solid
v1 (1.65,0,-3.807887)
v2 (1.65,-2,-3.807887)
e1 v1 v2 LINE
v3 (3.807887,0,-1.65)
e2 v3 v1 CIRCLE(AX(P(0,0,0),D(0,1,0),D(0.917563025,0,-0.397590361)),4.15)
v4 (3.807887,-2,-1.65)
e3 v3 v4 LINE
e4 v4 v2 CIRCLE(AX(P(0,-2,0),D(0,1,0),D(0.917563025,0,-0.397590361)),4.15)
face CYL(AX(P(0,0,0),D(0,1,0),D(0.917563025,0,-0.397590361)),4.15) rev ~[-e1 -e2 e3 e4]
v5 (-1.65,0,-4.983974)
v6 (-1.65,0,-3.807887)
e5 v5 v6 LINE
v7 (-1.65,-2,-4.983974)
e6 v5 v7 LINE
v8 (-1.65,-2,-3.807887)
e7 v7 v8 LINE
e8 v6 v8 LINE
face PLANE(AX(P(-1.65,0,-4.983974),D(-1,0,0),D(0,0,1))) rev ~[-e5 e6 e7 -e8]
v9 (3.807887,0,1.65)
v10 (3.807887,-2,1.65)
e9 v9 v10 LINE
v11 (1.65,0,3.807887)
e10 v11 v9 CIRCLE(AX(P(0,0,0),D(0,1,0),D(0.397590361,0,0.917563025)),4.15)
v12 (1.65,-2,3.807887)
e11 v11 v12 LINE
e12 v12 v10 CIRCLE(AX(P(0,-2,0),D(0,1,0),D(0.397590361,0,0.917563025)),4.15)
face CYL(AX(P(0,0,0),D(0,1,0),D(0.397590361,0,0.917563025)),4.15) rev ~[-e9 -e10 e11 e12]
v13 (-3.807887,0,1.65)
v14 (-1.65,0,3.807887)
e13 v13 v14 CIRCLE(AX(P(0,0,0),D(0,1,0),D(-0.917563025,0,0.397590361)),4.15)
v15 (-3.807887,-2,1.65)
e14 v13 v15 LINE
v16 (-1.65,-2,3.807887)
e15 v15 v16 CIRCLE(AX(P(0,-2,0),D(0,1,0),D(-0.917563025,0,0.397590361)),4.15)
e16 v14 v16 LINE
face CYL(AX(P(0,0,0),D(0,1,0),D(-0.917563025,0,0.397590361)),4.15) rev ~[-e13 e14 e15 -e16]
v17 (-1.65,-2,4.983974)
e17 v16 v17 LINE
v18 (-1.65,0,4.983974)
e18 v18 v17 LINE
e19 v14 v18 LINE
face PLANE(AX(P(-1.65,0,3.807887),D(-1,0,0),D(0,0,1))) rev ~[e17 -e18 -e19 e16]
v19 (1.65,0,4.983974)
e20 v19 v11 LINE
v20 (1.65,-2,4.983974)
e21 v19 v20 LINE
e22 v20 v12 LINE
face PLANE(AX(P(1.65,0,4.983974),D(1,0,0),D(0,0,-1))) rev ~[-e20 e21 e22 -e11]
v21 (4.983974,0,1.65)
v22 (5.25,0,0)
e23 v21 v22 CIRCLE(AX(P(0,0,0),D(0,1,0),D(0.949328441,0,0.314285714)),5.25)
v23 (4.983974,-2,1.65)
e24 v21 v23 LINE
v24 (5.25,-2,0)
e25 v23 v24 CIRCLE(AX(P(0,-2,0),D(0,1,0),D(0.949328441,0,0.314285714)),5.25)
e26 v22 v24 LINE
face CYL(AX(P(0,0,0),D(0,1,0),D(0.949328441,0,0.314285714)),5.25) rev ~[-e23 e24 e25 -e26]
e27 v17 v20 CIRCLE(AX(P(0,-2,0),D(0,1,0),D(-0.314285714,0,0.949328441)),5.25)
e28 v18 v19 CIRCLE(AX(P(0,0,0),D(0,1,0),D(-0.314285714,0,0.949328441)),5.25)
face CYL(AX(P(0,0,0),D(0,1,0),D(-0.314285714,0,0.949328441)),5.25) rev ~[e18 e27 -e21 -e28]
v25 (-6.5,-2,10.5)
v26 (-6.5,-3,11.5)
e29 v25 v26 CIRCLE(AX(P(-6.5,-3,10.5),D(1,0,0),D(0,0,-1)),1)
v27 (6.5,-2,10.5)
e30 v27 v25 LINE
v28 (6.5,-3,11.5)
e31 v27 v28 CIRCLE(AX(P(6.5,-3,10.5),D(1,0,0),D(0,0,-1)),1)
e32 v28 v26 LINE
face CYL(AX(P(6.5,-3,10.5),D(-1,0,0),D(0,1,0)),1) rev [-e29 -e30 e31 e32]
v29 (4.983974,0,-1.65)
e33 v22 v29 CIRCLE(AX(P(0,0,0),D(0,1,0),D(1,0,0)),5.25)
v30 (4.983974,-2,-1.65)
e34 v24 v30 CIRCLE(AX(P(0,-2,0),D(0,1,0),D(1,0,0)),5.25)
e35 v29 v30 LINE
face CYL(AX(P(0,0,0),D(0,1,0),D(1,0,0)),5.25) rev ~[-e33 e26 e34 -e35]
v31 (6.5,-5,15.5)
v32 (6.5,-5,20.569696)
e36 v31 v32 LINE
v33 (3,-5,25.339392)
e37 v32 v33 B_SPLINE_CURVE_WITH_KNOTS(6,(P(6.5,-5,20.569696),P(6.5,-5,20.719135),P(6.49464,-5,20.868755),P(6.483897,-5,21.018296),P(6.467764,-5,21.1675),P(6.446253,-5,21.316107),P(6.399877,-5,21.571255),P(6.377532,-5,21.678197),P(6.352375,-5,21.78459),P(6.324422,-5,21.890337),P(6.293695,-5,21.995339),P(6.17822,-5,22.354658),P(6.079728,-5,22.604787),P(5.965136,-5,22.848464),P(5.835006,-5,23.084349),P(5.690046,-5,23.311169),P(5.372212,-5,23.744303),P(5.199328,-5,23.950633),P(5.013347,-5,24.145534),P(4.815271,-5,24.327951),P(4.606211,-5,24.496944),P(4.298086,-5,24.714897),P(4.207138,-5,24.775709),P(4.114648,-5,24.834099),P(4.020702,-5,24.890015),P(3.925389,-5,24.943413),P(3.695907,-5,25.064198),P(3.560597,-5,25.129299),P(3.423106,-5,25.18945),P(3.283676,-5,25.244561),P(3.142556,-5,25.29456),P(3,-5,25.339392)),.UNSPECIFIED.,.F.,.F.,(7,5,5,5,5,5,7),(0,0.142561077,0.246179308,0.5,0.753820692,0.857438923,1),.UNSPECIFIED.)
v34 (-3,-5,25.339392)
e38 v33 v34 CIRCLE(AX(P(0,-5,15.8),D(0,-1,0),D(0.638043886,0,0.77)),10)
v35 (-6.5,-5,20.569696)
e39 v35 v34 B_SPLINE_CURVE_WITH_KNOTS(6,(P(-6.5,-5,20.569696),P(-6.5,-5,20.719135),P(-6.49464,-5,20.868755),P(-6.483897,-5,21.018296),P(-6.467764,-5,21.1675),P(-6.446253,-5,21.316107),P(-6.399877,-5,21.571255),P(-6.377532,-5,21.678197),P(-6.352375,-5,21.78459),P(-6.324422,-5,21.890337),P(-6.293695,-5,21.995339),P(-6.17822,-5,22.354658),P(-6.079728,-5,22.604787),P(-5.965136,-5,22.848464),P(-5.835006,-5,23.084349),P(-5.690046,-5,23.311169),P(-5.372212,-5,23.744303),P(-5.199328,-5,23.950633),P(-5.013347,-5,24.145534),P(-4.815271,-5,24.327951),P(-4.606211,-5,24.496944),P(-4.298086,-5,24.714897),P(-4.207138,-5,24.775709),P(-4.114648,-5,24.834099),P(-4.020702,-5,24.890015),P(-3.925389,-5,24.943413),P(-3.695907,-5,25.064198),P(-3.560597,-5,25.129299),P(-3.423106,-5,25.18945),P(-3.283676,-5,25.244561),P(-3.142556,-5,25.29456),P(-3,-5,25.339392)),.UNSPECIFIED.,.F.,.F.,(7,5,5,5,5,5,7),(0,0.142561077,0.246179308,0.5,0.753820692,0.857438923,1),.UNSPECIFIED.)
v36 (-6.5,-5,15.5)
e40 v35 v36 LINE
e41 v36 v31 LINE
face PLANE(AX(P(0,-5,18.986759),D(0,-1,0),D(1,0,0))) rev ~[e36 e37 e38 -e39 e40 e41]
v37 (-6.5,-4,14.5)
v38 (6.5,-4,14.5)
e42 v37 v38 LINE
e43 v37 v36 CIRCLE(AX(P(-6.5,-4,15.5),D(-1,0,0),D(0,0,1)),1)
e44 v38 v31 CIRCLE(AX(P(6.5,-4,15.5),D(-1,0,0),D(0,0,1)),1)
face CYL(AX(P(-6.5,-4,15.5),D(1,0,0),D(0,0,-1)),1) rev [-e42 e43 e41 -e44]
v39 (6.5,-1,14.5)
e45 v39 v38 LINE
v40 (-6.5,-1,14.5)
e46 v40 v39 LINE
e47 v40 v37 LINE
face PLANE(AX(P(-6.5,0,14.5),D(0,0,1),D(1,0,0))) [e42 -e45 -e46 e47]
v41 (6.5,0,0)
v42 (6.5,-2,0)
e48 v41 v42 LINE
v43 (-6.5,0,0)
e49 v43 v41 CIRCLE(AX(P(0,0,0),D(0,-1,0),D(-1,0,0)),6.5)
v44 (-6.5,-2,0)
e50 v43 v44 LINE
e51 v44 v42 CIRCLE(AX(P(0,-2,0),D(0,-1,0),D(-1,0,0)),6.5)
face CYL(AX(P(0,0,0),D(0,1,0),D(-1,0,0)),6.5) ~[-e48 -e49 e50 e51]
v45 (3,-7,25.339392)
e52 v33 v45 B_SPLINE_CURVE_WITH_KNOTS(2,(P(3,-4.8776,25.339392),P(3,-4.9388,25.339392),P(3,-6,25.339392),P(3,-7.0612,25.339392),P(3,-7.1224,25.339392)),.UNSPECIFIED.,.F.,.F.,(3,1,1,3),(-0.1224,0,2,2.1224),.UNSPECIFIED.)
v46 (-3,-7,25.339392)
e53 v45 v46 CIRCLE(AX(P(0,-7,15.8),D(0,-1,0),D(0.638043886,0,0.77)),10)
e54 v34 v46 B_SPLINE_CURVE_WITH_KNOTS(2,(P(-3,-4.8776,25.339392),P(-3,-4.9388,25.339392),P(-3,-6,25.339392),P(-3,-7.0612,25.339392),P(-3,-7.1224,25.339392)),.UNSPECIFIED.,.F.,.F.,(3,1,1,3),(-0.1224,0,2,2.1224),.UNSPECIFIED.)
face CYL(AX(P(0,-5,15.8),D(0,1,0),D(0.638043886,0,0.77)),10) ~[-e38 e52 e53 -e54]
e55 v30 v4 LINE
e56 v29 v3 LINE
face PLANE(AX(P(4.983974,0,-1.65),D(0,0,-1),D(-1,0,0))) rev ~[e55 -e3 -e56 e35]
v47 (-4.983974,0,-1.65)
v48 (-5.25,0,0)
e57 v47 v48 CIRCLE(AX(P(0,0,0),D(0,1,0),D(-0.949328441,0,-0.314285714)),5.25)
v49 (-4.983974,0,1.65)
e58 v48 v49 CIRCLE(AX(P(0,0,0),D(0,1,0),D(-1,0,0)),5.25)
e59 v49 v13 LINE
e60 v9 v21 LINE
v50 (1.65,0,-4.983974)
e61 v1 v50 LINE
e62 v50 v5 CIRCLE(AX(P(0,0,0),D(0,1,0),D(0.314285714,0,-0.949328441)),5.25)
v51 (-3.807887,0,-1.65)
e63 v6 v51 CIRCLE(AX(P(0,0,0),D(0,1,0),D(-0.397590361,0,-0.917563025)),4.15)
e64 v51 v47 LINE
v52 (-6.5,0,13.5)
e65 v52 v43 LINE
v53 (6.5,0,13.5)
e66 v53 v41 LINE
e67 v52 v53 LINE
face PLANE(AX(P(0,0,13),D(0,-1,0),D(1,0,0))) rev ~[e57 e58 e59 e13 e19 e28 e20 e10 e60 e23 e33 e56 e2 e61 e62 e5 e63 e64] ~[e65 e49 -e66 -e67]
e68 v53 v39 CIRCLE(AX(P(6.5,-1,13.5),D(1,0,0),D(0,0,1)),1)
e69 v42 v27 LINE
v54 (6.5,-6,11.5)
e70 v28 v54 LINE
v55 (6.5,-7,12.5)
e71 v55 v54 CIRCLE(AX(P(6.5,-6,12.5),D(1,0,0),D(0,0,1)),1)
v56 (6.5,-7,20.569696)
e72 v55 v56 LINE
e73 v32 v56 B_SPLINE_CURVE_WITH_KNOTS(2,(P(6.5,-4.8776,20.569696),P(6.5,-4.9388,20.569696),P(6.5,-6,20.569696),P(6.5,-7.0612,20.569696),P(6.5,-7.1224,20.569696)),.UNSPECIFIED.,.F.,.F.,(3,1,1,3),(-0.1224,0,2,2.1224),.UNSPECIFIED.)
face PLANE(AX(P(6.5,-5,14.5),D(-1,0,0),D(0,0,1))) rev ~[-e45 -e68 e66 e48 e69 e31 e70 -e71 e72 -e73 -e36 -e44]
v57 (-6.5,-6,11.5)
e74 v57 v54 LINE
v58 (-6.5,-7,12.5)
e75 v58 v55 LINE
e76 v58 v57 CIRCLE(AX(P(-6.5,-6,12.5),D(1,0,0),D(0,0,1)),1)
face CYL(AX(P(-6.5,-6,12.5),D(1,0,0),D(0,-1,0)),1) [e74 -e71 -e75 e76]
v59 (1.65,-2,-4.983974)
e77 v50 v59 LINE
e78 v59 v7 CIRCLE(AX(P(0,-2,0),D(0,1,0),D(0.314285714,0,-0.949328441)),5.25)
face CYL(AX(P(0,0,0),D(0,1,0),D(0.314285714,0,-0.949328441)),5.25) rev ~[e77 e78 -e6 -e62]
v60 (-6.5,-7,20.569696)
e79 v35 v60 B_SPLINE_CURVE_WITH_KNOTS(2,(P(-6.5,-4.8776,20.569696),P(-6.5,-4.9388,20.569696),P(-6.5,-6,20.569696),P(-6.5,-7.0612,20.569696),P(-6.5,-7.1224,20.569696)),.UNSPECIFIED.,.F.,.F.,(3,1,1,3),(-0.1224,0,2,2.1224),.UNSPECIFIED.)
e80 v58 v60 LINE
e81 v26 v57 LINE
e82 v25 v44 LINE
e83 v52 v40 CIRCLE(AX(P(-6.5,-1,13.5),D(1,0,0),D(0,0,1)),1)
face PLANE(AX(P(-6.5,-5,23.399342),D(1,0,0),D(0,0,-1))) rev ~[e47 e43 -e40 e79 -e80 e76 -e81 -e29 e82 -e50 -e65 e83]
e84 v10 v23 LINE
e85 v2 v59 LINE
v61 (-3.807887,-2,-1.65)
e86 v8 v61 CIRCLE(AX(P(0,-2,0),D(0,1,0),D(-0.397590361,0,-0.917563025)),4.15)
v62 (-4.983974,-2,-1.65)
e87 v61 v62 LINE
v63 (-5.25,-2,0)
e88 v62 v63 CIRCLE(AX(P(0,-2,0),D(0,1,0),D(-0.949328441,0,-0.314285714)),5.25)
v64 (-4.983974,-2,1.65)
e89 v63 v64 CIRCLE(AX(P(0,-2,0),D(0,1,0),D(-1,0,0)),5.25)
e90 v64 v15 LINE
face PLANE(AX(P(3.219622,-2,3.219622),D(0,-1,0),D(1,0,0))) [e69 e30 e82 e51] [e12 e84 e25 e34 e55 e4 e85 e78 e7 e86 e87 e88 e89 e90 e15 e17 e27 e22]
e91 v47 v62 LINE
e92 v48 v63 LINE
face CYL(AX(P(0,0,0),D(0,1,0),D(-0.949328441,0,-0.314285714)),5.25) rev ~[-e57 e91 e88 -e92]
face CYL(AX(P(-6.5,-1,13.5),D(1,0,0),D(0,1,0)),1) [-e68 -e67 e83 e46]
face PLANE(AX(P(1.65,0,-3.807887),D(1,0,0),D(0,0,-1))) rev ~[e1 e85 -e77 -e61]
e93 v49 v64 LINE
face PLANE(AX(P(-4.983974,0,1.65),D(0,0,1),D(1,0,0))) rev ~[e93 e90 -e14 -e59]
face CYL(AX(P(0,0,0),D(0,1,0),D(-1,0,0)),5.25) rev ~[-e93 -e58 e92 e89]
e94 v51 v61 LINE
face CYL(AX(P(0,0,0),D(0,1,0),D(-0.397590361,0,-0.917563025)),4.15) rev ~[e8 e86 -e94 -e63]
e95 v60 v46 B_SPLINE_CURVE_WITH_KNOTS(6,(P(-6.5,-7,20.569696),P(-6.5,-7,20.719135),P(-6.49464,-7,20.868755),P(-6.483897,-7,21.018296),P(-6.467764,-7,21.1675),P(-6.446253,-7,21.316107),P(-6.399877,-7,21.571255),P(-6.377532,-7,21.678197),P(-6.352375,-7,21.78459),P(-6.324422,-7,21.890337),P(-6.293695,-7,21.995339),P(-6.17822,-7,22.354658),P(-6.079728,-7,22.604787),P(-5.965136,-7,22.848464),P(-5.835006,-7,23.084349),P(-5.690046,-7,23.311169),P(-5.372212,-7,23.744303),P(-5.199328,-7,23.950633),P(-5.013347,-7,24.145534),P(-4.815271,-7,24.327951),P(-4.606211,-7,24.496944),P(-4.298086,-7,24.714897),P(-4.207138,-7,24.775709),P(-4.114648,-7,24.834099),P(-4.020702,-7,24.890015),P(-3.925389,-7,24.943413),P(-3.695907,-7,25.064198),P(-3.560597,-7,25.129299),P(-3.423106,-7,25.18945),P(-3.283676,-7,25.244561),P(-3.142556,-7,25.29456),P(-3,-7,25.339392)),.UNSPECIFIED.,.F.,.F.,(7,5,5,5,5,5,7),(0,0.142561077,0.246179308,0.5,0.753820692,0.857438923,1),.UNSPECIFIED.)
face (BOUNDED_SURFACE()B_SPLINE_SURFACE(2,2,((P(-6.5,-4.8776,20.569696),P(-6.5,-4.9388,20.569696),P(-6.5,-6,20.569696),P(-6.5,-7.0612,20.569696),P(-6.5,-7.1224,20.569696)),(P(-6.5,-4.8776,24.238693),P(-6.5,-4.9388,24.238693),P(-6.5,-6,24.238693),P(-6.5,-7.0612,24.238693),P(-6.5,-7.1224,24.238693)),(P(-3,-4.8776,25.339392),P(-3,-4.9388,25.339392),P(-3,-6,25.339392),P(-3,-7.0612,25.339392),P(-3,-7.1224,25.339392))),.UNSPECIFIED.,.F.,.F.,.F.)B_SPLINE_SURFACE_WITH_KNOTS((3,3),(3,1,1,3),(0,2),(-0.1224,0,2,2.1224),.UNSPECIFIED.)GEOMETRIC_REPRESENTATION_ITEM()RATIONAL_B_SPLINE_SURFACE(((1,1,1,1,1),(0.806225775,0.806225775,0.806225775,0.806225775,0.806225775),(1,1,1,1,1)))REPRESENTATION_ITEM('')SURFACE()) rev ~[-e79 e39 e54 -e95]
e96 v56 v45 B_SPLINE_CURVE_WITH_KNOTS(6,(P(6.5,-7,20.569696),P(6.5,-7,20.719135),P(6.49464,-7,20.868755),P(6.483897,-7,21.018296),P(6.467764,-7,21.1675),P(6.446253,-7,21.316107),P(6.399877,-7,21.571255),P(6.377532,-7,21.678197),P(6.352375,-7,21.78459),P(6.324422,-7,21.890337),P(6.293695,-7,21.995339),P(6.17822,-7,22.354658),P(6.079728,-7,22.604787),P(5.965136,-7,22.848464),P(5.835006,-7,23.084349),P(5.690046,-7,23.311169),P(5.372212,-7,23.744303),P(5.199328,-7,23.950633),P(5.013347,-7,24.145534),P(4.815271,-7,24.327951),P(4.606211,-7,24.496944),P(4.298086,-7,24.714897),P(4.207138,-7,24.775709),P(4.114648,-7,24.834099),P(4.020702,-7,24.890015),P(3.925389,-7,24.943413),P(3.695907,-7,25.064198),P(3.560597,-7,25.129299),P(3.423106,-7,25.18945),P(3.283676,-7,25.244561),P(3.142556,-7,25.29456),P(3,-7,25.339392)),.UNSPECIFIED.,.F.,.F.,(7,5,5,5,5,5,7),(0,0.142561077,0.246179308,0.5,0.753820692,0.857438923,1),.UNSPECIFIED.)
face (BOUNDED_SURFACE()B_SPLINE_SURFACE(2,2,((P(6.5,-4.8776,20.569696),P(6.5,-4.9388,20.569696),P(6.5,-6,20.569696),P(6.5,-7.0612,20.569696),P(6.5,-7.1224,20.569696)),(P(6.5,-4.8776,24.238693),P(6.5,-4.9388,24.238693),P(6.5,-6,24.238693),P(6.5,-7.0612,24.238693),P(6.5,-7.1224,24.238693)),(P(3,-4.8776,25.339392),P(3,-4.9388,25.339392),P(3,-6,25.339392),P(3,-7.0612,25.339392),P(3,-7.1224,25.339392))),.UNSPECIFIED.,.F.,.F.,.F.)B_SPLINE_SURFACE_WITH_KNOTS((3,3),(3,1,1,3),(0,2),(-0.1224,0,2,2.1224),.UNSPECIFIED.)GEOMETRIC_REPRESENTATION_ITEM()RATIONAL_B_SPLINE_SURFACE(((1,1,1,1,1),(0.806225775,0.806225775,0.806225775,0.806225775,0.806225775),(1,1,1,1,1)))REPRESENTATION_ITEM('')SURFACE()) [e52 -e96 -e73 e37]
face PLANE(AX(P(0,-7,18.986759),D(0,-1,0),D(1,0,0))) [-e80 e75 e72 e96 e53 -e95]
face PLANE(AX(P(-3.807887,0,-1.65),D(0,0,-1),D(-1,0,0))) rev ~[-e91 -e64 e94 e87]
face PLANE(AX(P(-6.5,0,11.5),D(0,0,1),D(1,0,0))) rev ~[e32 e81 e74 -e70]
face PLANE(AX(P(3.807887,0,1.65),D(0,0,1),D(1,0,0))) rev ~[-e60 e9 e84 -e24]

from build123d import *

# Parameters (mm, degrees)
F1_DEPTH = 2
F0_W     = 13
F0_H     = 3
F2_DEPTH = 7
F3_START = 5
F3_DEPTH = 2
F4_R     = 1
F5_R     = 5


with BuildPart() as f1:
    # F0 (on Front) → F1 (new body)
    with BuildSketch(Plane.XZ):
        with BuildLine():
            Line((3.8078865529, 1.65), (4.9839743178, 1.65))
            ThreePointArc((4.9839743178, 1.65), (3.7123106012, 3.7123106012), (1.65, 4.9839743178))
            Line((1.65, 4.9839743178), (1.65, 3.8078865529))
            ThreePointArc((1.65, 3.8078865529), (2.9344931419, 2.9344931419), (3.8078865529, 1.65))
        make_face()
        with BuildLine():
            ThreePointArc((-1.65, 4.9839743178), (-3.7123106012, 3.7123106012), (-4.9839743178, 1.65))
            Line((-4.9839743178, 1.65), (-3.8078865529, 1.65))
            ThreePointArc((-3.8078865529, 1.65), (-2.9344931419, 2.9344931419), (-1.65, 3.8078865529))
            Line((-1.65, 3.8078865529), (-1.65, 4.9839743178))
        make_face()
        with BuildLine():
            Line((-3.8078865529, -1.65), (-4.9839743178, -1.65))
            ThreePointArc((-4.9839743178, -1.65), (-3.7123106012, -3.7123106012), (-1.65, -4.9839743178))
            Line((-1.65, -4.9839743178), (-1.65, -3.8078865529))
            ThreePointArc((-1.65, -3.8078865529), (-2.9344931419, -2.9344931419), (-3.8078865529, -1.65))
        make_face()
        with BuildLine():
            ThreePointArc((1.65, -4.9839743178), (3.7123106012, -3.7123106012), (4.9839743178, -1.65))
            Line((4.9839743178, -1.65), (3.8078865529, -1.65))
            ThreePointArc((3.8078865529, -1.65), (2.9344931419, -2.9344931419), (1.65, -3.8078865529))
            Line((1.65, -3.8078865529), (1.65, -4.9839743178))
        make_face()
        with BuildLine():
            Line((-5.25, 0), (-6.5, 0))
            ThreePointArc((-6.5, 0), (0, -6.5), (6.5, 0))
            Line((6.5, 0), (5.25, 0))
            ThreePointArc((5.25, 0), (5.1830669091, -0.8356538852), (4.9839743178, -1.65))
            ThreePointArc((4.9839743178, -1.65), (3.7123106012, -3.7123106012), (1.65, -4.9839743178))
            ThreePointArc((1.65, -4.9839743178), (0, -5.25), (-1.65, -4.9839743178))
            ThreePointArc((-1.65, -4.9839743178), (-3.7123106012, -3.7123106012), (-4.9839743178, -1.65))
            ThreePointArc((-4.9839743178, -1.65), (-5.1830669091, -0.8356538852), (-5.25, 0))
        make_face()
        with BuildLine():
            ThreePointArc((-2.3184322471, 6.0724683544), (-5.3534946346, 3.6864746299), (-6.5, 0))
            Line((-6.5, 0), (-5.25, 0))
            ThreePointArc((-5.25, 0), (-5.1830669091, 0.8356538852), (-4.9839743178, 1.65))
            ThreePointArc((-4.9839743178, 1.65), (-3.7123106012, 3.7123106012), (-1.65, 4.9839743178))
            ThreePointArc((-1.65, 4.9839743178), (0, 5.25), (1.65, 4.9839743178))
            ThreePointArc((1.65, 4.9839743178), (3.7123106012, 3.7123106012), (4.9839743178, 1.65))
            ThreePointArc((4.9839743178, 1.65), (5.1830669091, 0.8356538852), (5.25, 0))
            Line((5.25, 0), (6.5, 0))
            ThreePointArc((6.5, 0), (5.3534946346, 3.6864746299), (2.3184322471, 6.0724683544))
            ThreePointArc((2.3184322471, 6.0724683544), (0, 5.8), (-2.3184322471, 6.0724683544))
        make_face()
        with BuildLine():
            ThreePointArc((2.3184322471, 6.0724683544), (0, 6.5), (-2.3184322471, 6.0724683544))
            ThreePointArc((-2.3184322471, 6.0724683544), (0, 5.8), (2.3184322471, 6.0724683544))
        make_face()
        with BuildLine():
            Line((-6.5, 8.2006579232), (-6.5, 0))
            ThreePointArc((-6.5, 0), (-5.3534946346, 3.6864746299), (-2.3184322471, 6.0724683544))
            ThreePointArc((-2.3184322471, 6.0724683544), (-4.5358003191, 6.8878445107), (-6.5, 8.2006579232))
        make_face()
        with BuildLine():
            ThreePointArc((2.3184322471, 6.0724683544), (5.3534946346, 3.6864746299), (6.5, 0))
            Line((6.5, 0), (6.5, 8.2006579232))
            ThreePointArc((6.5, 8.2006579232), (4.5358003191, 6.8878445107), (2.3184322471, 6.0724683544))
        make_face()
        with BuildLine():
            ThreePointArc((-6.5, 8.2006579232), (-4.5358003191, 6.8878445107), (-2.3184322471, 6.0724683544))
            ThreePointArc((-2.3184322471, 6.0724683544), (0, 6.5), (2.3184322471, 6.0724683544))
            ThreePointArc((2.3184322471, 6.0724683544), (4.5358003191, 6.8878445107), (6.5, 8.2006579232))
            Line((6.5, 8.2006579232), (6.5, 11.5))
            Line((6.5, 11.5), (-6.5, 11.5))
            Line((-6.5, 11.5), (-6.5, 8.2006579232))
        make_face()
    extrude(amount=F1_DEPTH)

    # F0 (on Front) → F2 (join)
    with BuildSketch(Plane.XZ):
        with Locations((0, 13)):
            Rectangle(F0_W, F0_H)
    extrude(amount=F2_DEPTH)

    # F0 (on Front) → F3 (join)
    with BuildSketch(Plane.XZ.offset(F3_START)):
        with BuildLine():
            ThreePointArc((-6.3804388564, 23.5), (-6.4404160803, 23.4499046211), (-6.5, 23.3993420768))
            Line((-6.5, 23.3993420768), (-6.5, 14.5))
            Line((-6.5, 14.5), (6.5, 14.5))
            Line((6.5, 14.5), (6.5, 23.3993420768))
            ThreePointArc((6.5, 23.3993420768), (6.4404160803, 23.4499046211), (6.3804388564, 23.5))
            Line((6.3804388564, 23.5), (-6.3804388564, 23.5))
        make_face()
        with BuildLine():
            ThreePointArc((6.3804388564, 23.5), (0, 25.8), (-6.3804388564, 23.5))
            Line((-6.3804388564, 23.5), (6.3804388564, 23.5))
        make_face()
    extrude(amount=F3_DEPTH)

    # F4
    f4_edges = [f1.edges().sort_by_distance(p)[0] for p in [
        (0, -2, 11.5),
        (0, -7, 11.5),
        (0, 0, 14.5),
        (0, -5, 14.5),
    ]]
    fillet(f4_edges, radius=F4_R)

    # F5
    f5_edges = [f1.edges().sort_by_distance(p)[0] for p in [
        (6.5, -6, 23.399342),
        (-6.5, -6, 23.399342),
    ]]
    fillet(f5_edges, radius=F5_R)


solid = f1.part
